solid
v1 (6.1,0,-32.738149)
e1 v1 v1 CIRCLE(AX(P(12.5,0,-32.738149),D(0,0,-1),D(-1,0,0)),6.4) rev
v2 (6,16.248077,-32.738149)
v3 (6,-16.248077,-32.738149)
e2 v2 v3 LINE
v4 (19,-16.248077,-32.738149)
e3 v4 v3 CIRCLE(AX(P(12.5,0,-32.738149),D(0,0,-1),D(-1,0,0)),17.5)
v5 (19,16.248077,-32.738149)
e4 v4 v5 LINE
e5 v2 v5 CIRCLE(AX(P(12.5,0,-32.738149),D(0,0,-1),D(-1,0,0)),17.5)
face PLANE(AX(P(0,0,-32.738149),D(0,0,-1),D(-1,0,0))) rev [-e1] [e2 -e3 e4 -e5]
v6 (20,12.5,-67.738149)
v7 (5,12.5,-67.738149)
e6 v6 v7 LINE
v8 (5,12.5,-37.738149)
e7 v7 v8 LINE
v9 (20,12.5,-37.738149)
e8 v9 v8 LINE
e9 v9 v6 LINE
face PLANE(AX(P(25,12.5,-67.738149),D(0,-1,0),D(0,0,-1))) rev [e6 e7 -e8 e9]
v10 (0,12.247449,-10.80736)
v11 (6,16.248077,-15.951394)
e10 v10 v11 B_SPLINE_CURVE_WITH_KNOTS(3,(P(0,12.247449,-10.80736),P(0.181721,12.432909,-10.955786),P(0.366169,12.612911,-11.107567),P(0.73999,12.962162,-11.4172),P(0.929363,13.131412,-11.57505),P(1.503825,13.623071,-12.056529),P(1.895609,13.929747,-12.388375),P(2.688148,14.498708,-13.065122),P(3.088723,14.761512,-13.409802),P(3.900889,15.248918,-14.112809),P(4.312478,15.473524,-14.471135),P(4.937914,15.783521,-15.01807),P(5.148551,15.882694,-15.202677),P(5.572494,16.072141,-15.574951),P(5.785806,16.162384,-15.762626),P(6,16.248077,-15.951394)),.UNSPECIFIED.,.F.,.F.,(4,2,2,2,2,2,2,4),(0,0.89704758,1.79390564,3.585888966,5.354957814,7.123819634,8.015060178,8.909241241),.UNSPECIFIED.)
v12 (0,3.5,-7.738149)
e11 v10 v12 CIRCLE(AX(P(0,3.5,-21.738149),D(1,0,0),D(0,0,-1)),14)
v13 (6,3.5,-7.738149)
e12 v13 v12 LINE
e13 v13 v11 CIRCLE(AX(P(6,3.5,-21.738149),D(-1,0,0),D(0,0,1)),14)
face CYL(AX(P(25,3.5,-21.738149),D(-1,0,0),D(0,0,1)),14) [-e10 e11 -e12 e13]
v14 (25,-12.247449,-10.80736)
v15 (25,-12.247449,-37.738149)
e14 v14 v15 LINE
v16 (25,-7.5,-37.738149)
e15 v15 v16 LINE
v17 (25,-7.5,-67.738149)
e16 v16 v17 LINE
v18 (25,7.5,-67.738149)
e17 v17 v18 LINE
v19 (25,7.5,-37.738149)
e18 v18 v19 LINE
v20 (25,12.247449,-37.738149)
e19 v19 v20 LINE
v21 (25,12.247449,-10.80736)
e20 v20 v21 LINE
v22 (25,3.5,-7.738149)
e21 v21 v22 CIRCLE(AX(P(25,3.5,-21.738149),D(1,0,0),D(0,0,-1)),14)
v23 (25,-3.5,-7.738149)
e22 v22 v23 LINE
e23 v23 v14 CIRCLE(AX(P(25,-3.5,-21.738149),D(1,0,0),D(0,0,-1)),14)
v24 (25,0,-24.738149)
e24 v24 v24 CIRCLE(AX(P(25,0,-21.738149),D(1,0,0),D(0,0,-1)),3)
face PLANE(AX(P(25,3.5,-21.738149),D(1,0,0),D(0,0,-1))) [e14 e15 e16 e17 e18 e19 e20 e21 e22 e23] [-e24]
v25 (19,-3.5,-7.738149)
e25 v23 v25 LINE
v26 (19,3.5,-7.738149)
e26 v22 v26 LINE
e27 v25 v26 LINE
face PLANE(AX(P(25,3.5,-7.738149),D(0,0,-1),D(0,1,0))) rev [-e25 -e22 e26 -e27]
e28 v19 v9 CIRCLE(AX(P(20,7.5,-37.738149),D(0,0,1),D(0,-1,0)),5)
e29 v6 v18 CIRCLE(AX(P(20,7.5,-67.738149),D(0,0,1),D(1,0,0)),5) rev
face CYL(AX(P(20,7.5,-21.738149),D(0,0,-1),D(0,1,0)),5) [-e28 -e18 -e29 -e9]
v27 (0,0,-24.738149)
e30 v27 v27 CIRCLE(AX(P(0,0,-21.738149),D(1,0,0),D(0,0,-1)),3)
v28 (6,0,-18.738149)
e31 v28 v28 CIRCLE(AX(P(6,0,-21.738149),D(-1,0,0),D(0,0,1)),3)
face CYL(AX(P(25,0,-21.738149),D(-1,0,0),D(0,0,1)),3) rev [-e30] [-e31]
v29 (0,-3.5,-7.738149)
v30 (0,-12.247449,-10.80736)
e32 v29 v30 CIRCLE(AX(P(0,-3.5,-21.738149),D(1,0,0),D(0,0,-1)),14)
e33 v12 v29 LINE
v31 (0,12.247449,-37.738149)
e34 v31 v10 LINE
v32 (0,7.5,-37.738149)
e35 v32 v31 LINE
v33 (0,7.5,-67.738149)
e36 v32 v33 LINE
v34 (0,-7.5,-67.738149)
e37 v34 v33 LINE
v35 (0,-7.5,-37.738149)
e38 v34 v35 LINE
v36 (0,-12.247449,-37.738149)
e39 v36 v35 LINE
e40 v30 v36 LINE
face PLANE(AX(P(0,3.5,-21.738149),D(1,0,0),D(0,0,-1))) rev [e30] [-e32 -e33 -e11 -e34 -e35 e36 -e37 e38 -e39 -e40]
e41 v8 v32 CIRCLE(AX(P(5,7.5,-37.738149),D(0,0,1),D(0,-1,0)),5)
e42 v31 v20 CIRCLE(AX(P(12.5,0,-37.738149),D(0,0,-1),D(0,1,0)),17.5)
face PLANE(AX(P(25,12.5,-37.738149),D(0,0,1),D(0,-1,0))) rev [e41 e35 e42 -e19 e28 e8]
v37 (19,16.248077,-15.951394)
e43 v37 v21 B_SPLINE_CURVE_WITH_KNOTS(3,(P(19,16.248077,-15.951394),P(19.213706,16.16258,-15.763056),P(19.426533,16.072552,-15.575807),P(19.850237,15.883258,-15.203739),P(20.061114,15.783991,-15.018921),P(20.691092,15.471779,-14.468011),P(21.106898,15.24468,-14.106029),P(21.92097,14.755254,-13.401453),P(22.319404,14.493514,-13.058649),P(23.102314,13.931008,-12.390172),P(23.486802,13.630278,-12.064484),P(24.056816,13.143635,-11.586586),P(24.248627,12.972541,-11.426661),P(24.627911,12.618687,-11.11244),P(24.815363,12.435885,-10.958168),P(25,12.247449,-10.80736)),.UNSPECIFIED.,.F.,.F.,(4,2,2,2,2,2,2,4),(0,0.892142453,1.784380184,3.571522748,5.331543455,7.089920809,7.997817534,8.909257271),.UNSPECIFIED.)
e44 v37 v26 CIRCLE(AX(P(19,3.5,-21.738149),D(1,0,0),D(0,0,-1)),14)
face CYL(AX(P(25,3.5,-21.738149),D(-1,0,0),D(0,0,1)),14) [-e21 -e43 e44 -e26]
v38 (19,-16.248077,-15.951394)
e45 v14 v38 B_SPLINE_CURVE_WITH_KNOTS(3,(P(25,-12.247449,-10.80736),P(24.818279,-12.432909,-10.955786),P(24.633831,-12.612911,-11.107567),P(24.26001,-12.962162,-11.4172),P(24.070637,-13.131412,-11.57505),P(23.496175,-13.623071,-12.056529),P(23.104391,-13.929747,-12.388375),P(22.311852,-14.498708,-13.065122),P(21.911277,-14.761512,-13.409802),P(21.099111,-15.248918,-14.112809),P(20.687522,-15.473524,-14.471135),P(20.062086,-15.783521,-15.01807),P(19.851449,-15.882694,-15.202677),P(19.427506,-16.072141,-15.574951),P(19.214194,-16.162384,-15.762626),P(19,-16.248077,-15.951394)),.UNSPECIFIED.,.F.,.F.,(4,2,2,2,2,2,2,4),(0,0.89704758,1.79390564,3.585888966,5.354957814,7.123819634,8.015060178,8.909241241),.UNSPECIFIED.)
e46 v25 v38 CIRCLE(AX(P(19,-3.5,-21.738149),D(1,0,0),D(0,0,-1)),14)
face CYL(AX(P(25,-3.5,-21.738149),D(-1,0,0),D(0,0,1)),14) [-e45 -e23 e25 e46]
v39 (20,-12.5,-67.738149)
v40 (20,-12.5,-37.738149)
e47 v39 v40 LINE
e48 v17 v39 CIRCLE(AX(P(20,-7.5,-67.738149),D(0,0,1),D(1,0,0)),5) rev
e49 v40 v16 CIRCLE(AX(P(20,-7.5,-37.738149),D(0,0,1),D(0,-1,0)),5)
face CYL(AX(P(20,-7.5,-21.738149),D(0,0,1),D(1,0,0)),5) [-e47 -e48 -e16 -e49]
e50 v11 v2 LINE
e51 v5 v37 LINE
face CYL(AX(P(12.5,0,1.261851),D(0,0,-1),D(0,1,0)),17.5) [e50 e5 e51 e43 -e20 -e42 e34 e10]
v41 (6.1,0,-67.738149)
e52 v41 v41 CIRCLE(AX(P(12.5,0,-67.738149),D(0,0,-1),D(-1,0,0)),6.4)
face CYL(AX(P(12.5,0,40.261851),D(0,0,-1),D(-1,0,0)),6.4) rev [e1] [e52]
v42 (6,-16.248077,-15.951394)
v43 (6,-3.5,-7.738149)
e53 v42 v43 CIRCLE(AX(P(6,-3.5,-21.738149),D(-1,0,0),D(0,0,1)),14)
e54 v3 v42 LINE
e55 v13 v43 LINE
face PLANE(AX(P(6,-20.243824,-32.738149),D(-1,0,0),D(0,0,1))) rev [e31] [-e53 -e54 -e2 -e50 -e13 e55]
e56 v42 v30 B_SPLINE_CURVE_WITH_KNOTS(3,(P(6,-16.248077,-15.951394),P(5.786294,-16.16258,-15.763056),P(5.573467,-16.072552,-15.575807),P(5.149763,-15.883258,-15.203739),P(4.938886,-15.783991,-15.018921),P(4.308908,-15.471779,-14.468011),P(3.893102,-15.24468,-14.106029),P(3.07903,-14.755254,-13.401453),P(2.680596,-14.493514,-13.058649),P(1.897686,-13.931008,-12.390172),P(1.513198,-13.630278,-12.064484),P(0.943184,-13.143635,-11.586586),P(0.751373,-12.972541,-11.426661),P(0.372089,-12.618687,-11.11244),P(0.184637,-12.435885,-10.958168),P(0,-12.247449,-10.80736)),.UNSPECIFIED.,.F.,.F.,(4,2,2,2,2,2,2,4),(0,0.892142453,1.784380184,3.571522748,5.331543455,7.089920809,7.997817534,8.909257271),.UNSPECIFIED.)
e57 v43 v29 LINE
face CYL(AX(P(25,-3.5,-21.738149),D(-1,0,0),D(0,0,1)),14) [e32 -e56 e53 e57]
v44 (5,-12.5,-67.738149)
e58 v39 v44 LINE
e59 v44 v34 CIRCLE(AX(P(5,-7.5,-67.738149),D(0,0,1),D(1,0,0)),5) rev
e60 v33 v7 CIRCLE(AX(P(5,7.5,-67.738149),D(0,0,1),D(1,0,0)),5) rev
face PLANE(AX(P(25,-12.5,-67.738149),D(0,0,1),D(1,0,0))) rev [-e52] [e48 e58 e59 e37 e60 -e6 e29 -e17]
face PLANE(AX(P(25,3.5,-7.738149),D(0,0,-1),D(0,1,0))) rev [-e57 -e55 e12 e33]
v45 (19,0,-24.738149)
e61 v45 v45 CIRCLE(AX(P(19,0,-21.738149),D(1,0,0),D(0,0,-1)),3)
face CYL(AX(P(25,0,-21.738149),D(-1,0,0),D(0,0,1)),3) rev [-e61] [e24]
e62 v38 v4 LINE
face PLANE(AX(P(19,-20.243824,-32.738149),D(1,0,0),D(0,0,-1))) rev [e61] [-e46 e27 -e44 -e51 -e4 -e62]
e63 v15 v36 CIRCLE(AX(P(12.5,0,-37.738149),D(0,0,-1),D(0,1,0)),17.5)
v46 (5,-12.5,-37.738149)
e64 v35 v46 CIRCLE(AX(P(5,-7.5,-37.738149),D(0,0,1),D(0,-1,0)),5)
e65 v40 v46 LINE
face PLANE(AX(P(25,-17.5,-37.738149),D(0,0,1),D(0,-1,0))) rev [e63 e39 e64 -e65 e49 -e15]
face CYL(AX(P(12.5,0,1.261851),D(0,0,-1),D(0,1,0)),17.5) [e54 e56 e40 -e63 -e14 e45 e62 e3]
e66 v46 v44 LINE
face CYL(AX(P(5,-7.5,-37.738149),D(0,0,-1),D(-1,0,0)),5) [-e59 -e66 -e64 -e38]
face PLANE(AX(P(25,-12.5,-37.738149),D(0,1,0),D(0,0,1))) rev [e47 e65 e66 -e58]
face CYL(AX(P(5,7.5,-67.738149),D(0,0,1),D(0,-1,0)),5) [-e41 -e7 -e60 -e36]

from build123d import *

# Parameters (mm, degrees)
SKETCH1_R           = 3
BOSS_EXTRUDE1_DEPTH = 25
SKETCH3_R           = 6.4
CUT_EXTRUDE2_DEPTH  = 108
SKETCH4_W           = 13
SKETCH4_H           = 40.487648952
CUT_EXTRUDE3_DEPTH  = 25
FILLET2_R           = 5
SKETCH5_OUTSIDE_W   = 41.764
SKETCH5_OUTSIDE_H   = 51.764
SKETCH5_OUTSIDE_R   = 17.5
CUT_EXTRUDE5_DEPTH  = 39


with BuildPart() as part:
    # Sketch1 → Boss-Extrude1 (new body)
    with BuildSketch(Plane(origin=(0, 0, 0), x_dir=(0, 0, -1), z_dir=(1, 0, 0))):
        with BuildLine():
            Line((67.738148954, 12.5), (37.738148954, 12.5))
            Line((37.738148954, 12.5), (37.738148954, 17.5))
            Line((37.738148954, 17.5), (21.738148954, 17.5))
            ThreePointArc((21.738148954, 17.5), (11.838654018, 13.399494937), (7.738148954, 3.5))
            Line((7.738148954, 3.5), (7.738148954, -3.5))
            ThreePointArc((7.738148954, -3.5), (11.838654018, -13.399494937), (21.738148954, -17.5))
            Line((21.738148954, -17.5), (37.738148954, -17.5))
            Line((37.738148954, -17.5), (37.738148954, -12.5))
            Line((37.738148954, -12.5), (67.738148954, -12.5))
            Line((67.738148954, -12.5), (67.738148954, 12.5))
        make_face()
        with Locations((21.738148954, 0)):
            Circle(SKETCH1_R, mode=Mode.SUBTRACT)
    extrude(amount=BOSS_EXTRUDE1_DEPTH)

    # Sketch3 → Cut-Extrude2 (cut)
    with BuildSketch(Plane(origin=(0, 0, -67.738148954), x_dir=(-1, 0, 0), z_dir=(0, 0, -1))):
        with Locations((-12.5, 0)):
            Circle(SKETCH3_R)
    extrude(amount=-CUT_EXTRUDE2_DEPTH, mode=Mode.SUBTRACT)

    # Sketch4 → Cut-Extrude3 (cut)
    with BuildSketch(Plane.XY.offset(-7.738148954)):
        with Locations((12.5, 0)):
            Rectangle(SKETCH4_W, SKETCH4_H)
    extrude(amount=-CUT_EXTRUDE3_DEPTH, mode=Mode.SUBTRACT)

    # Fillet2
    fillet2_edges = [part.edges().sort_by_distance(p)[0] for p in [
        (0, 12.5, -52.738148954),
        (25, -12.5, -52.738148954),
        (25, 12.5, -52.738148954),
        (0, -12.5, -52.738148954),
    ]]
    fillet(fillet2_edges, radius=FILLET2_R)

    # Sketch5 outside → Cut-Extrude5 (cut)
    with BuildSketch(Plane(origin=(0, 0, -37.738148954), x_dir=(-1, 0, 0), z_dir=(0, 0, -1))):
        with Locations((-12.5, 0)):
            Rectangle(SKETCH5_OUTSIDE_W, SKETCH5_OUTSIDE_H)
        with Locations((-12.5, 0)):
            Circle(SKETCH5_OUTSIDE_R, mode=Mode.SUBTRACT)
    extrude(amount=-CUT_EXTRUDE5_DEPTH, mode=Mode.SUBTRACT)


solid = part.part
